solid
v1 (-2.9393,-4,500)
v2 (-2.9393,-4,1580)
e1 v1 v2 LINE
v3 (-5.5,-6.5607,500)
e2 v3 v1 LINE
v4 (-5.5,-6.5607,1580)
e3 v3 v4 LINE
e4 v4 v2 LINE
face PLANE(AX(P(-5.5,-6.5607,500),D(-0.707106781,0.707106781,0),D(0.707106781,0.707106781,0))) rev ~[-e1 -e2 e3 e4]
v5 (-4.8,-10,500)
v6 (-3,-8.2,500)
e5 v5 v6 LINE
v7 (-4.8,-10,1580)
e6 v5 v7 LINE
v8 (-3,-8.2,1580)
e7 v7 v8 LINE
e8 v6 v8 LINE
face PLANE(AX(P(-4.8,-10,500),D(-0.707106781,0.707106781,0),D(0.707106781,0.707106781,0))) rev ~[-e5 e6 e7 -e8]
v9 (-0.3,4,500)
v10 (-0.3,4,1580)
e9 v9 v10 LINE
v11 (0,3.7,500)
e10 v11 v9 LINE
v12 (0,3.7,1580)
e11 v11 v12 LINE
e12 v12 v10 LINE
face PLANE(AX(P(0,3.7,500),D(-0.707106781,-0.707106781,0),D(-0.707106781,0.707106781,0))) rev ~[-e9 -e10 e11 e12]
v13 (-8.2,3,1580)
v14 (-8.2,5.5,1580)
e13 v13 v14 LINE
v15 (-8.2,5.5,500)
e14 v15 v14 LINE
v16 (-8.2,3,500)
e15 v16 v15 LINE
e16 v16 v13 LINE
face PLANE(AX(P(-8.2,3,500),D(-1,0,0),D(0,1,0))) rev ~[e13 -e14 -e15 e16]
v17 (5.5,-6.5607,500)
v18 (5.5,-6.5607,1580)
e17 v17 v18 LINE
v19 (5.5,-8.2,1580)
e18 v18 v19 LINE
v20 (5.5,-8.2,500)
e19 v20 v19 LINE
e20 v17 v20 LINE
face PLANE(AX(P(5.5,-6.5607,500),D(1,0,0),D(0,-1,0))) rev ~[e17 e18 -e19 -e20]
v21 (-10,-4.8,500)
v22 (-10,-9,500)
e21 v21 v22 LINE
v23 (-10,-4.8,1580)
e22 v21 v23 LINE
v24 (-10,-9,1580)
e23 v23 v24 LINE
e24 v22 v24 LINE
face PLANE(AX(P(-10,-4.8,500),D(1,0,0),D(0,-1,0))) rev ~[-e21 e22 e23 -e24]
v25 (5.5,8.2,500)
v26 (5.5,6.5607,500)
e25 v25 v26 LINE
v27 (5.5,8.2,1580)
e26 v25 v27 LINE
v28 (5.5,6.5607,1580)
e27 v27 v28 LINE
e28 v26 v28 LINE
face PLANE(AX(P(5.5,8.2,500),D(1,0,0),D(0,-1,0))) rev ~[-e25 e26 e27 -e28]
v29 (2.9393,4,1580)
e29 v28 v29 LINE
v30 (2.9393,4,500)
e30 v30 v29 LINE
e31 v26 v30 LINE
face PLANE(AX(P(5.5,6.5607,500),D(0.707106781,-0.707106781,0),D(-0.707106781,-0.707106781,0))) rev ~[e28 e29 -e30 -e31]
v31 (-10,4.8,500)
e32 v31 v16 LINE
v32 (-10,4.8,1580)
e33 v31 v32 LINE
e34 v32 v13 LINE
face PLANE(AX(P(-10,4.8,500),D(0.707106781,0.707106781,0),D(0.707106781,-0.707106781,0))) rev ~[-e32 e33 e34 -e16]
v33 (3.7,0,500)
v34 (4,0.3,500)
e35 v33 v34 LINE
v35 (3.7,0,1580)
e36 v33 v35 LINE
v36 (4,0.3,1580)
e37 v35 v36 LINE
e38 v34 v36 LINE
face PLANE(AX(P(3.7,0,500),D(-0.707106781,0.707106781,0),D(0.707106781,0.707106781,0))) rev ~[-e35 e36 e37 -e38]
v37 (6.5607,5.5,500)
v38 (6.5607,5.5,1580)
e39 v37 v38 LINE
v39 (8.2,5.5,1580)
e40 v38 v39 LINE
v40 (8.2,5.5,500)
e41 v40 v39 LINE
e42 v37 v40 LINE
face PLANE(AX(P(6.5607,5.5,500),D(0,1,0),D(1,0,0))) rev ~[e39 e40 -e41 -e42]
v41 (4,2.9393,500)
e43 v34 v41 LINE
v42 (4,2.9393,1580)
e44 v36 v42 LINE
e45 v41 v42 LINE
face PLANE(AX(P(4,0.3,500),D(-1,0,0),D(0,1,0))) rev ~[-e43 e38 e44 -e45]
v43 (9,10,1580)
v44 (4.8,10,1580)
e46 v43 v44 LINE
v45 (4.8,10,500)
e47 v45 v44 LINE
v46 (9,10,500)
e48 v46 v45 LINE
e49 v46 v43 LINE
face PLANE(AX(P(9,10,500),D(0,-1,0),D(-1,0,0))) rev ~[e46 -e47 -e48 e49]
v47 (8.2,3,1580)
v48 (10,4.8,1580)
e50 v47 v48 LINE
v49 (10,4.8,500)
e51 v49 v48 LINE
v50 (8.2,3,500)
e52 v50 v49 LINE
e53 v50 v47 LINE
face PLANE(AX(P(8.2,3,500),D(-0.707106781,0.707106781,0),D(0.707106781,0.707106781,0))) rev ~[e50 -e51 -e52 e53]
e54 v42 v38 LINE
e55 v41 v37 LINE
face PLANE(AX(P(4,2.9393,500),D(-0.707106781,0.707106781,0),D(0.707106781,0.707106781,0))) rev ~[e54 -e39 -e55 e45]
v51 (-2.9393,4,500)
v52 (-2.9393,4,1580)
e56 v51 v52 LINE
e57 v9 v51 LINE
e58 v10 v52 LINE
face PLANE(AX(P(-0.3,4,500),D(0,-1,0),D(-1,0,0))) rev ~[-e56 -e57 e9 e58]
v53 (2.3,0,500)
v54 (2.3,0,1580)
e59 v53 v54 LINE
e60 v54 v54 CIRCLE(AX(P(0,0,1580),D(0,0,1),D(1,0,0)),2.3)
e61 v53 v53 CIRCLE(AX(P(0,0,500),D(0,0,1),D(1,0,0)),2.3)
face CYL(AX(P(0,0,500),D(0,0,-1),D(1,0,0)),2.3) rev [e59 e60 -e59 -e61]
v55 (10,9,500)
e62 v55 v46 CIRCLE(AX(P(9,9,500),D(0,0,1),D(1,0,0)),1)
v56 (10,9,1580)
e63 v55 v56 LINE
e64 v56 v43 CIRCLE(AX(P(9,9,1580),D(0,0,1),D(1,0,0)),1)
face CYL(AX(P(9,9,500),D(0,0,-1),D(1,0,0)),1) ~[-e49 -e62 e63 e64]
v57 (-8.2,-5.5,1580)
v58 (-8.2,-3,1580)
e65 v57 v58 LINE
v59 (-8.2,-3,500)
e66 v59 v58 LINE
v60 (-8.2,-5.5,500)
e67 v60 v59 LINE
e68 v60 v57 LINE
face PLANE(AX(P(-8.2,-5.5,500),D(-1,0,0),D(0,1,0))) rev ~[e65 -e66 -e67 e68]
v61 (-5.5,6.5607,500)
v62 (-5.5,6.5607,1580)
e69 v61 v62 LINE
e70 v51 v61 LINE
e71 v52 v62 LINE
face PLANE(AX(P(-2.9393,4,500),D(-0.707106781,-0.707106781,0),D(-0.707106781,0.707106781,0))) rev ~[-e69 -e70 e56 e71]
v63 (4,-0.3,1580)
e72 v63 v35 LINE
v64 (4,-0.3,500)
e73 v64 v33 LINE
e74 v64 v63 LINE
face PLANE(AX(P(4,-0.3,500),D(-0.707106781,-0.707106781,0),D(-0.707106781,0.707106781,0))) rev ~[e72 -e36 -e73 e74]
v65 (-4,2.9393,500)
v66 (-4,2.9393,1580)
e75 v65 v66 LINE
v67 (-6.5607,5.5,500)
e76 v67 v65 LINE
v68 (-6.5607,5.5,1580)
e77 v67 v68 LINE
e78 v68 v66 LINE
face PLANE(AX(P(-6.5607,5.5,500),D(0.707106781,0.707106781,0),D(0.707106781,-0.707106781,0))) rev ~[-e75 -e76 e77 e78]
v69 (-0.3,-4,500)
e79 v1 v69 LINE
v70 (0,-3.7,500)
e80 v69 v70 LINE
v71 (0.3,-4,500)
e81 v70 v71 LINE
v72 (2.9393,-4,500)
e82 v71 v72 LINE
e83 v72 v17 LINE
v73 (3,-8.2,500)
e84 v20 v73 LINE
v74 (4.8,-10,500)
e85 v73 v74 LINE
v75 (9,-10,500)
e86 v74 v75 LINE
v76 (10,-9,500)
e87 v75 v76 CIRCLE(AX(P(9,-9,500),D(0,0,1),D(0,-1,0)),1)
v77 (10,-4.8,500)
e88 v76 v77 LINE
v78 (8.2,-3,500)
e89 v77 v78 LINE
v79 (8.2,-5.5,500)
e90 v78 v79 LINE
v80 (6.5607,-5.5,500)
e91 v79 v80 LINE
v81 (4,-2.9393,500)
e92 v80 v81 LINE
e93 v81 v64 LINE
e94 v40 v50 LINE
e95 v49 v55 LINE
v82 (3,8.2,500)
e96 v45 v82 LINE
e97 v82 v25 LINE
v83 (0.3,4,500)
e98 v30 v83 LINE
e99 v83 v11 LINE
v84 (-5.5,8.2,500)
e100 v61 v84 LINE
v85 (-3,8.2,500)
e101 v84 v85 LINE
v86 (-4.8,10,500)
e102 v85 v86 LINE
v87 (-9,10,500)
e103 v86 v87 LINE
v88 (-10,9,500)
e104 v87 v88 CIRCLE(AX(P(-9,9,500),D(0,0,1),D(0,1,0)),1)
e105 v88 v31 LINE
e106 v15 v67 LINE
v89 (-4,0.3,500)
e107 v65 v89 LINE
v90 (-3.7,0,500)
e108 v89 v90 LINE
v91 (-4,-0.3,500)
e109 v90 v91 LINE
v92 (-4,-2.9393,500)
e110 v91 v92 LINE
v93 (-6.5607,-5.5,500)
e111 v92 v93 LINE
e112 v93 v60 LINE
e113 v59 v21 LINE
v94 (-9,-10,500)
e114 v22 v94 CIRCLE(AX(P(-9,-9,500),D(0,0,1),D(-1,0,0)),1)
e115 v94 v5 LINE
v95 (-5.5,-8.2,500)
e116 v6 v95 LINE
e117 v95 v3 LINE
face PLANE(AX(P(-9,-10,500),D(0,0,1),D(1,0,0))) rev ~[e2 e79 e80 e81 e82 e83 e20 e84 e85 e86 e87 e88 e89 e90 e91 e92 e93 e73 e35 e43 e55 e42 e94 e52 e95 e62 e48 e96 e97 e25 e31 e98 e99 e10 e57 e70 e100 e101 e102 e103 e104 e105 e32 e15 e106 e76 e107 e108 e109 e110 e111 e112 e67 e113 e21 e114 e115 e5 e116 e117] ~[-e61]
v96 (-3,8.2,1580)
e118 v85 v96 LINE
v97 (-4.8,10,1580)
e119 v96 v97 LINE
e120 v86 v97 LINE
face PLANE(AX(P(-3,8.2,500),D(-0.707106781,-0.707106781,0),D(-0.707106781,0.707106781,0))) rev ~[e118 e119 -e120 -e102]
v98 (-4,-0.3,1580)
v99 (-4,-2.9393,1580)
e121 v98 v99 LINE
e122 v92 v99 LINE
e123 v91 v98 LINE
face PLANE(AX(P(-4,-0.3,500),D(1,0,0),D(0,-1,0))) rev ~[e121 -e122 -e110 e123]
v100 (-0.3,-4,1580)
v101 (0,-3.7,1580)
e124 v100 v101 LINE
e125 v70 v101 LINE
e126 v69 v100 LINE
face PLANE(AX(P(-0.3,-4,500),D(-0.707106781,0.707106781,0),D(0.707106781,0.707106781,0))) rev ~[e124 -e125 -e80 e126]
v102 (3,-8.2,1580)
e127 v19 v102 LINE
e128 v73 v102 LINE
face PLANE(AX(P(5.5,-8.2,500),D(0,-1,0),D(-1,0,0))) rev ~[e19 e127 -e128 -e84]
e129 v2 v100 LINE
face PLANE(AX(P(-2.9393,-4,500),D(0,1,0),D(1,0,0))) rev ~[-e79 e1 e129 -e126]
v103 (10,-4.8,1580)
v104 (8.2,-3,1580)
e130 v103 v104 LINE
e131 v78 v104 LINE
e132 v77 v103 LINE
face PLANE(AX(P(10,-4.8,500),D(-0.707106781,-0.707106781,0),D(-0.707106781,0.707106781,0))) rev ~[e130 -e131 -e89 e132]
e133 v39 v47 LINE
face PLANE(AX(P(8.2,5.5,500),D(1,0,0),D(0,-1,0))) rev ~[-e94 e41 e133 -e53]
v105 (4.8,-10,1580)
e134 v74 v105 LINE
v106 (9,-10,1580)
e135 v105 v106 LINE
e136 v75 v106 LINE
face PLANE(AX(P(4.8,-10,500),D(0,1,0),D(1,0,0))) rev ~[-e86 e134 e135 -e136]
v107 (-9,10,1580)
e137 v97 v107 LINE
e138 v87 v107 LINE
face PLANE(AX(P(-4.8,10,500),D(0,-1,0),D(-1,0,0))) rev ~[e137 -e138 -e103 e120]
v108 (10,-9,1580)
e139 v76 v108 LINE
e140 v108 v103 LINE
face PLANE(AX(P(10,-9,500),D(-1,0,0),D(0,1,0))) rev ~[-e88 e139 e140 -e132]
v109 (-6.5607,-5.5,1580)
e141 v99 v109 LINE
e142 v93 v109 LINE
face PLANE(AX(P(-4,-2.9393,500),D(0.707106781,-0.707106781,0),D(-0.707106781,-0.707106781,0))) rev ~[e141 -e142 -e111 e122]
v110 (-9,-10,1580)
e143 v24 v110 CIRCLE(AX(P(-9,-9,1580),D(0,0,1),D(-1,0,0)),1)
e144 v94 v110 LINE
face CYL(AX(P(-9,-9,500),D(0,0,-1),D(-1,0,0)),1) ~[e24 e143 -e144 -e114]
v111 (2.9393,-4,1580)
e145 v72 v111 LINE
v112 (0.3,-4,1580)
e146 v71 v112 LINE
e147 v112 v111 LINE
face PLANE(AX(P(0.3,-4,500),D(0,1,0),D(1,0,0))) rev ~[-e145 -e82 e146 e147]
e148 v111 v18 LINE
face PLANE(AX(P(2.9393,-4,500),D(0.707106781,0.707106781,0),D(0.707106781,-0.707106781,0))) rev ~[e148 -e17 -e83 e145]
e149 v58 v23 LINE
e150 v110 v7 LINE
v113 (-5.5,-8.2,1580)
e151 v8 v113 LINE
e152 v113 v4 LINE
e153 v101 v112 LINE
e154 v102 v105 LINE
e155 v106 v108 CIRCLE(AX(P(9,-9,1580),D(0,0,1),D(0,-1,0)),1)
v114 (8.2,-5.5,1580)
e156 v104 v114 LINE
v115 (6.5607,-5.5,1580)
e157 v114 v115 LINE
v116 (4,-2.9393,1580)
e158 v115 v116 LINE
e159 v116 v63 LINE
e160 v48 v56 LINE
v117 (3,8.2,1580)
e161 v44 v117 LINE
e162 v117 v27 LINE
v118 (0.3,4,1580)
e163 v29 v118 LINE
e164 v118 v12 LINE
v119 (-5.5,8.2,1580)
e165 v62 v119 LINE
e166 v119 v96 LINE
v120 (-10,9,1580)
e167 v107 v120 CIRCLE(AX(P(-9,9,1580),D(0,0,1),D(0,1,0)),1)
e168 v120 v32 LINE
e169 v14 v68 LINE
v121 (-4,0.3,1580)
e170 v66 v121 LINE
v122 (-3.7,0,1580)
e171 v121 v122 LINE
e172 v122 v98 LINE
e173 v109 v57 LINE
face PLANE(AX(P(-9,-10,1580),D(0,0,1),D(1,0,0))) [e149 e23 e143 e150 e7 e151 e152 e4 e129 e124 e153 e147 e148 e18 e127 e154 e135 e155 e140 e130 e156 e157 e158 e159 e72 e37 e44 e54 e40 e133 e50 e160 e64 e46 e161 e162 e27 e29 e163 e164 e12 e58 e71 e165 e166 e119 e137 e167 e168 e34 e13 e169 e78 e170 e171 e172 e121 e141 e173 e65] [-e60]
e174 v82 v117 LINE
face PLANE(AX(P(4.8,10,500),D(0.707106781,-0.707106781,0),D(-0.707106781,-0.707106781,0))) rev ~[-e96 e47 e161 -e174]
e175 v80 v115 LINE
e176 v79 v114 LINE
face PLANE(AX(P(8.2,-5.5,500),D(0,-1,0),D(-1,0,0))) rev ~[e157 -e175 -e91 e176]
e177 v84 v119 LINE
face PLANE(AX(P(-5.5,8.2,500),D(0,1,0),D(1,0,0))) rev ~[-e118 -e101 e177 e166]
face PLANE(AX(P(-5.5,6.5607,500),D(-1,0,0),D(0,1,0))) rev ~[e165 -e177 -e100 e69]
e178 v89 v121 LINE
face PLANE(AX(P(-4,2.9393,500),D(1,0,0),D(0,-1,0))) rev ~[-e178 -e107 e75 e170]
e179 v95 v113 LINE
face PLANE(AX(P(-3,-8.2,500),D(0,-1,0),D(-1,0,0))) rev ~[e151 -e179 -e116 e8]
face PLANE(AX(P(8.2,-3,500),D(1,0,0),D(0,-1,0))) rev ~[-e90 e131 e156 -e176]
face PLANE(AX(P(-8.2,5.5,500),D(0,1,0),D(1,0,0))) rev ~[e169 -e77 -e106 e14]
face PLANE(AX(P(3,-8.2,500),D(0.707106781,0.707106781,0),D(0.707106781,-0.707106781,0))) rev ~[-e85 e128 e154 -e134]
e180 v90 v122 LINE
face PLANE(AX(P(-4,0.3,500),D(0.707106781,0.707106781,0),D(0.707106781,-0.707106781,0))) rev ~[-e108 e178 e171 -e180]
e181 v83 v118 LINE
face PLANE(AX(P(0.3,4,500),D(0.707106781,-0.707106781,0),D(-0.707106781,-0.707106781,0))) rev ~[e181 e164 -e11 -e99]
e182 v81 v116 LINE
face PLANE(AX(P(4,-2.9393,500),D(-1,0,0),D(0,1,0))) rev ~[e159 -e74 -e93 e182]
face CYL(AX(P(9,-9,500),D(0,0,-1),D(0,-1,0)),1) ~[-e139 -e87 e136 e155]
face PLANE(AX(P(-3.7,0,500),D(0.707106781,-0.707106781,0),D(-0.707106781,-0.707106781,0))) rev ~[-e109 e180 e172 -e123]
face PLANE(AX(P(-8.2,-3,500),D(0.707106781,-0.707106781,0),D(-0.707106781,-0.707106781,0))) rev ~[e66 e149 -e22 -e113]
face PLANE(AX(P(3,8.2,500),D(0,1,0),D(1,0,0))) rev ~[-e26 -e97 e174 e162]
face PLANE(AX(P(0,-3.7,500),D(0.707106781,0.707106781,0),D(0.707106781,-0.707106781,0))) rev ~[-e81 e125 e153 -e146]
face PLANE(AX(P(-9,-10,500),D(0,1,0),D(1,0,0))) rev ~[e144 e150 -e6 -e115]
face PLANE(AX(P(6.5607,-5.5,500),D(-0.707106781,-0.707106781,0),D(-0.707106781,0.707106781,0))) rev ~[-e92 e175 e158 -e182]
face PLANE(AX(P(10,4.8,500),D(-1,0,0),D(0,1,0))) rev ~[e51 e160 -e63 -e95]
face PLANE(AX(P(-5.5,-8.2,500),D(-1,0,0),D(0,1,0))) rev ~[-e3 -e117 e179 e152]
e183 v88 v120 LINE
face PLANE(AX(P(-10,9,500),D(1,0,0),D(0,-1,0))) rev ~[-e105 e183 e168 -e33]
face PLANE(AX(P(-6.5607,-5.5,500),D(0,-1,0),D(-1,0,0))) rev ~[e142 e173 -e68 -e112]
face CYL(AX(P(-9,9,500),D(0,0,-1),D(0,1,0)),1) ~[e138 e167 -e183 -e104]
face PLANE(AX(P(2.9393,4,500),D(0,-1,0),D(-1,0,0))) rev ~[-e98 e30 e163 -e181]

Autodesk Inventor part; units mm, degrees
ref_plane "YZ Plane" through (0, 0, 0) normal (1, 0, 0) x (0, 1, 0)
ref_plane "Plano1" through (0, 0, -500) normal (0, 0, 1) x (1, 0, 0)
ref_plane "Plano de trabalho2" through (-9, -10, 500) normal (0, 0, 1) x (1, 0, 0)
sketch "Esboço1" plane through (-9, -10, 500) normal (0, 0, 1) x (1, 0, 0)
  arc A0 (-1, 1) -> (0, 0) centre (0, 1) ccw projected
  line L0 (0, 0) -> (4.2, 0) projected
  line L1 (4.2, 0) -> (6, 1.8) projected
  line L2 (6, 1.8) -> (3.5, 1.8) projected
  line L3 (3.5, 1.8) -> (3.5, 3.4393) projected
  line L4 (3.5, 3.4393) -> (6.0607, 6) projected
  line L5 (6.0607, 6) -> (8.7, 6) projected
  line L6 (8.7, 6) -> (9, 6.3) projected
  line L7 (9, 6.3) -> (9.3, 6) projected
  line L8 (9.3, 6) -> (11.9393, 6) projected
  line L9 (11.9393, 6) -> (14.5, 3.4393) projected
  line L10 (14.5, 3.4393) -> (14.5, 1.8) projected
  line L11 (14.5, 1.8) -> (12, 1.8) projected
  line L12 (12, 1.8) -> (13.8, 0) projected
  line L13 (13.8, 0) -> (18, 0) projected
  arc A1 (18, 0) -> (19, 1) centre (18, 1) ccw projected
  line L14 (19, 1) -> (19, 5.2) projected
  line L15 (19, 5.2) -> (17.2, 7) projected
  line L16 (17.2, 7) -> (17.2, 4.5) projected
  line L17 (17.2, 4.5) -> (15.5607, 4.5) projected
  line L18 (15.5607, 4.5) -> (13, 7.0607) projected
  line L19 (13, 7.0607) -> (13, 9.7) projected
  line L20 (13, 9.7) -> (12.7, 10) projected
  line L21 (12.7, 10) -> (13, 10.3) projected
  line L22 (13, 10.3) -> (13, 12.9393) projected
  line L23 (13, 12.9393) -> (15.5607, 15.5) projected
  line L24 (15.5607, 15.5) -> (17.2, 15.5) projected
  line L25 (17.2, 15.5) -> (17.2, 13) projected
  line L26 (17.2, 13) -> (19, 14.8) projected
  line L27 (19, 14.8) -> (19, 19) projected
  arc A2 (19, 19) -> (18, 20) centre (18, 19) ccw projected
  line L28 (18, 20) -> (13.8, 20) projected
  line L29 (13.8, 20) -> (12, 18.2) projected
  line L30 (12, 18.2) -> (14.5, 18.2) projected
  line L31 (14.5, 18.2) -> (14.5, 16.5607) projected
  line L32 (14.5, 16.5607) -> (11.9393, 14) projected
  line L33 (11.9393, 14) -> (9.3, 14) projected
  line L34 (9.3, 14) -> (9, 13.7) projected
  line L35 (9, 13.7) -> (8.7, 14) projected
  line L36 (8.7, 14) -> (6.0607, 14) projected
  line L37 (6.0607, 14) -> (3.5, 16.5607) projected
  line L38 (3.5, 16.5607) -> (3.5, 18.2) projected
  line L39 (3.5, 18.2) -> (6, 18.2) projected
  line L40 (6, 18.2) -> (4.2, 20) projected
  line L41 (4.2, 20) -> (0, 20) projected
  arc A3 (0, 20) -> (-1, 19) centre (0, 19) ccw projected
  line L42 (-1, 19) -> (-1, 14.8) projected
  line L43 (-1, 14.8) -> (0.8, 13) projected
  line L44 (0.8, 13) -> (0.8, 15.5) projected
  line L45 (0.8, 15.5) -> (2.4393, 15.5) projected
  line L46 (2.4393, 15.5) -> (5, 12.9393) projected
  line L47 (5, 12.9393) -> (5, 10.3) projected
  line L48 (5, 10.3) -> (5.3, 10) projected
  line L49 (5.3, 10) -> (5, 9.7) projected
  line L50 (5, 9.7) -> (5, 7.0607) projected
  line L51 (5, 7.0607) -> (2.4393, 4.5) projected
  line L52 (2.4393, 4.5) -> (0.8, 4.5) projected
  line L53 (0.8, 4.5) -> (0.8, 7) projected
  line L54 (0.8, 7) -> (-1, 5.2) projected
  line L55 (-1, 5.2) -> (-1, 1) projected
  circle A4 centre (9, 10) radius 2.3 projected
extrude "Extrusão1" add sketch "Esboço1" along normal blind 1080
properties part number "PERFIL 2020 V-SLOT" material "6063-T5"
